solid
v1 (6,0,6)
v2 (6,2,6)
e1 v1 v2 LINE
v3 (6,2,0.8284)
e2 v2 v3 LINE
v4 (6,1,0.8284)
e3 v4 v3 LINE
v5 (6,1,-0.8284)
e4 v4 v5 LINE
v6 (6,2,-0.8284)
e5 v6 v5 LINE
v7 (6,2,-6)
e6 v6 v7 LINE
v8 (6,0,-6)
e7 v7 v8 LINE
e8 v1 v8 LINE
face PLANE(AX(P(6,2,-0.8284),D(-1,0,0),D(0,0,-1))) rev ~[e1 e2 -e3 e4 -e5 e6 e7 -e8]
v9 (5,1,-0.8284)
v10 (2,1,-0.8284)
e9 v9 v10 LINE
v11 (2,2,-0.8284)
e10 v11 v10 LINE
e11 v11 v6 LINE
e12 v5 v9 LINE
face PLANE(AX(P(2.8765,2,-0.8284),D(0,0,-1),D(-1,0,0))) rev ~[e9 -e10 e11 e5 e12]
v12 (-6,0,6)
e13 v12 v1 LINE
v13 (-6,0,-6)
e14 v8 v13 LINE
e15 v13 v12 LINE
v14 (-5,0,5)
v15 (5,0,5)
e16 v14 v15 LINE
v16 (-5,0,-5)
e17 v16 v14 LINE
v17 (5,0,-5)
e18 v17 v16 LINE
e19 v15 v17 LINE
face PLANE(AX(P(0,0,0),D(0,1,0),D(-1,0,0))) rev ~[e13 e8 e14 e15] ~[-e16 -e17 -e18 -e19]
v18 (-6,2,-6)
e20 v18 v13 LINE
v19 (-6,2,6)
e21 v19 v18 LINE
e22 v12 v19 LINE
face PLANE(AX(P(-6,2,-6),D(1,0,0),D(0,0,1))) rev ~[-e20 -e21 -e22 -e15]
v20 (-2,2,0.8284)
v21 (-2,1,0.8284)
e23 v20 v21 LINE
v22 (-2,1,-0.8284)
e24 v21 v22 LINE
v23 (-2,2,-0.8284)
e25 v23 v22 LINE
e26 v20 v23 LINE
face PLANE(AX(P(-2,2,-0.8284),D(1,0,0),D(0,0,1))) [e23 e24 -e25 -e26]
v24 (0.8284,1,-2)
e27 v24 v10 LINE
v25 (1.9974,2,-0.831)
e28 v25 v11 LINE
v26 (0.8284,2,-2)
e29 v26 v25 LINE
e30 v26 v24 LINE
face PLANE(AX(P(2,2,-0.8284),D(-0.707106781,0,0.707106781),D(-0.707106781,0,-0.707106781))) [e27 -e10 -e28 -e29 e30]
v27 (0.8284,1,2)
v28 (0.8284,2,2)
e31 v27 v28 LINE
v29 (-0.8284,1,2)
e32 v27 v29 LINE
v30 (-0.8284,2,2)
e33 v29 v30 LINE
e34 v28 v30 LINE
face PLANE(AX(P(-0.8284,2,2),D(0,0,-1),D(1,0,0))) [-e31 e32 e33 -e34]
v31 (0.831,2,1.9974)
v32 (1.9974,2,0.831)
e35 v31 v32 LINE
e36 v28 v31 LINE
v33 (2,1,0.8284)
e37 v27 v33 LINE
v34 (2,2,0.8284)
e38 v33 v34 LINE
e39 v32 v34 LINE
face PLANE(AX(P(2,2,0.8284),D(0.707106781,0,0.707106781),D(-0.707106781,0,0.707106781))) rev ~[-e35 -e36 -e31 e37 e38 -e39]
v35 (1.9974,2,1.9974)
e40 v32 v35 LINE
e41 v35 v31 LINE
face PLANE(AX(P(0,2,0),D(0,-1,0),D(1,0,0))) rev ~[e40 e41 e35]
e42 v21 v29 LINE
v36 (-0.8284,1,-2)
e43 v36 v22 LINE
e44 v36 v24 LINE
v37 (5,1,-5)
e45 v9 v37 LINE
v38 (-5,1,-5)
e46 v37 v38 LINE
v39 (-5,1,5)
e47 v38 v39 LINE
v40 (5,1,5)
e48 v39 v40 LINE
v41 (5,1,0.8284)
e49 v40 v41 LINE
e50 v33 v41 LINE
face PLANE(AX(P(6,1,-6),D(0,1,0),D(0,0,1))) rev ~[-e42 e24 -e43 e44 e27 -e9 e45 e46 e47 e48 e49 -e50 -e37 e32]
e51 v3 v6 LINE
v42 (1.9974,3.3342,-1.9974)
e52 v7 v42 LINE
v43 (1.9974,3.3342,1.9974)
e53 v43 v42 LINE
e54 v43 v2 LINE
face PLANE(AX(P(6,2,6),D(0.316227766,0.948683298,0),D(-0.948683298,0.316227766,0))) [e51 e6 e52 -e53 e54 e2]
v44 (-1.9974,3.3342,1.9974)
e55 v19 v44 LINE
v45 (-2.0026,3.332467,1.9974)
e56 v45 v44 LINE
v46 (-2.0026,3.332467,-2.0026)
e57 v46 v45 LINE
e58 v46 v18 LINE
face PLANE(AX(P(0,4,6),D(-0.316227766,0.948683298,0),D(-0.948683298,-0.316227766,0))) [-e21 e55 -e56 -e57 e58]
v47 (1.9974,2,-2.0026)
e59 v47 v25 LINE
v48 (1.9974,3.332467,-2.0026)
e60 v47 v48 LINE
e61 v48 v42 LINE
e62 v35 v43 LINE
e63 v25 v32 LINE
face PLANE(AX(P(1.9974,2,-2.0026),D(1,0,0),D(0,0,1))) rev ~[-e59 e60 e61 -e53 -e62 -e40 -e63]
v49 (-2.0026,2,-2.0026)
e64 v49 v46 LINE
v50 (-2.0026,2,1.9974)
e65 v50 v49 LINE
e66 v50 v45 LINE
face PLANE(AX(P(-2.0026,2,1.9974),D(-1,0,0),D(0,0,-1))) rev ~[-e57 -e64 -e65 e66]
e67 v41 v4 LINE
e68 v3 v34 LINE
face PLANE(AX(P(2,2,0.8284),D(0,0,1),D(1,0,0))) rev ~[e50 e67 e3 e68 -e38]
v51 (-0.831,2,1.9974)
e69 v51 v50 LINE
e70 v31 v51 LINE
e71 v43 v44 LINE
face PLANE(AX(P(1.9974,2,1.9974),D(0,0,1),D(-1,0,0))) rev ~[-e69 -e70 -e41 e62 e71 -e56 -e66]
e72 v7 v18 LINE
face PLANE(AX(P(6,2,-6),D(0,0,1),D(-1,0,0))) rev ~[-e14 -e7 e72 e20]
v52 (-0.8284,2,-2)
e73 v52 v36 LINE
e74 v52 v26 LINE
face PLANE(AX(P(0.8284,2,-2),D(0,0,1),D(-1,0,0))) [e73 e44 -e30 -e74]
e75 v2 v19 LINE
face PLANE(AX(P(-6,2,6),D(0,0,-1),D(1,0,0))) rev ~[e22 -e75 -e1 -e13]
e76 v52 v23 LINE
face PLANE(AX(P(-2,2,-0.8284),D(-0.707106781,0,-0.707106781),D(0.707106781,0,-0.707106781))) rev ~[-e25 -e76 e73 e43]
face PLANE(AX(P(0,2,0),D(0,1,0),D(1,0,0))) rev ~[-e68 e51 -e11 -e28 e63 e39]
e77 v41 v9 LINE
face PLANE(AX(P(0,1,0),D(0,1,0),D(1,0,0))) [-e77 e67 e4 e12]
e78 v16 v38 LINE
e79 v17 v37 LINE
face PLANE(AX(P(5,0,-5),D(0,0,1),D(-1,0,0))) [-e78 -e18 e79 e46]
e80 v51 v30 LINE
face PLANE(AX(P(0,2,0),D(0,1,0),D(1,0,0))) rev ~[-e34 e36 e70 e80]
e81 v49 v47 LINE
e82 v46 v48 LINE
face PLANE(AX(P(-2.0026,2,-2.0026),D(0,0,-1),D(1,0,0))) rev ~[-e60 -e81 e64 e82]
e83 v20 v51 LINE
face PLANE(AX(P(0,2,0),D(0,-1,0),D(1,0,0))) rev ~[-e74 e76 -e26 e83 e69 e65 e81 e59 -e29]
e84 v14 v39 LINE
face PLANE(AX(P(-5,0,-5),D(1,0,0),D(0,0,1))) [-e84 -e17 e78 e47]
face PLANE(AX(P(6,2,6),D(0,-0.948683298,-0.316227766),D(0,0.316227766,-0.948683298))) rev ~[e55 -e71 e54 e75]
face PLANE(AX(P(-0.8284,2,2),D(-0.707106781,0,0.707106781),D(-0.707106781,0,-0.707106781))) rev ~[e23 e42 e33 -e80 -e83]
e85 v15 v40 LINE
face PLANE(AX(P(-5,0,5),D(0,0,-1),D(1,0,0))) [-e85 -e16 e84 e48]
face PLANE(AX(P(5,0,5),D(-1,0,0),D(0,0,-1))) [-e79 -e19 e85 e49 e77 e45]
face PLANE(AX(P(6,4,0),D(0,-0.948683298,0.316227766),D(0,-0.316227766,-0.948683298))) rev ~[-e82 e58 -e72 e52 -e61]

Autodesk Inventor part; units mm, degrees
ref_plane "YZ Plane" through (0, 0, 0) normal (1, 0, 0) x (0, 1, 0)
ref_plane "XZ Plane" through (0, 0, 0) normal (0, 1, 0) x (-1, 0, 0)
ref_plane "XY Plane" through (0, 0, 0) normal (0, 0, 1) x (1, 0, 0)
sketch "Sketch1" plane through (0, 0, 0) normal (0, 1, 0) x (-1, 0, 0)
  line L0 (5, 5) -> (-5, 5)
  line L1 (-5, 5) -> (-5, -5)
  line L2 (-5, -5) -> (5, -5)
  line L3 (5, -5) -> (5, 5)
  line L4 (6, 6) -> (-6, 6)
  line L5 (-6, 6) -> (-6, -6)
  line L6 (-6, -6) -> (6, -6)
  line L7 (6, -6) -> (6, 6)
  point P0 (0, 0)
  dimension "d0" = 10
  dimension "d1" = 10
  dimension "d2" = 5
  dimension "d3" = 5
  dimension "d4" = 12
  dimension "d5" = 12
  dimension "d6" = 1
  dimension "d7" = 1
extrude "Extrusion1" add sketch "Sketch1" along normal blind 2
sketch "Sketch2" plane through (6, 0, 6) normal (1, 0, 0) x (0, 0, -1)
  line L0 (0, 0) -> (0, 2) projected
  line L1 (12, 0) -> (12, 2) projected
  line L2 (0, 2) -> (12, 2)
  line L3 (12, 2) -> (12, 1)
  line L4 (12, 1) -> (0, 1)
  line L5 (0, 1) -> (0, 2)
  point P0 (6, 0)
extrude "Extrusion2" add sketch "Sketch2" against normal blind 11.5
sketch "Sketch3" plane through (0, 2, 0) normal (0, 1, 0) x (1, 0, 0)
  line L0 (-2, -2) -> (2, -2)
  line L1 (2, -2) -> (2, 2)
  line L2 (2, 2) -> (-2, 2)
  line L3 (-2, 2) -> (-2, -2)
  circle A0 centre (0, 0) radius 2.8284
  line L4 (0, -2.8284) -> (-2.8284, 0)
  line L5 (-2.8284, 0) -> (0, 2.8284)
  line L6 (2.8284, 0) -> (0, 2.8284)
  line L7 (2.8284, 0) -> (0, -2.8284)
  point P0 (0.8284, -2)
  point P1 (2, -0.8284)
  point P2 (2, 0.8284)
  point P3 (0.8284, 2)
  point P4 (-0.8284, 2)
  point P5 (-2, 0.8284)
  point P6 (-2, -0.8284)
  point P7 (-0.8284, -2)
  dimension "d13" = 4
  dimension "d14" = 4
  dimension "d15" = 2
  dimension "d16" = 2
extrude "Extrusion3" cut sketch "Sketch3" along normal blind 23.25 and the other way blind 11.625 contours L4 L3 L5 L2 L6 L1 L7 L0
sketch "Sketch4" plane through (0, 2, 0) normal (0, 1, 0) x (1, 0, 0)
  line L0 (2, -0.8284) -> (2, 0.8284) projected
  line L1 (2, -0.8284) -> (2.8765, -0.8284)
  line L2 (2.8765, -0.8284) -> (2.8765, 0.8284)
  line L3 (2.8765, 0.8284) -> (2, 0.8284)
  line L4 (2, 0.8284) -> (2, -0.8284)
  line L5 (2.8765, -0.8284) -> (7.5124, -0.8284)
  line L6 (7.5124, -0.8284) -> (7.5124, 0.8284)
  line L7 (7.5124, 0.8284) -> (2.8765, 0.8284)
  line L8 (2.8765, 0.8284) -> (2.8765, -0.8284)
  point P0 (0, 0)
  point P1 (2.8765, 0.8284)
  point P2 (2, 0.8284)
extrude "Extrusion4" cut sketch "Sketch4" against normal blind 1
sketch "Sketch5" plane through (0, 2, 0) normal (0, 1, 0) x (1, 0, 0)
  line L0 (-6, -6) -> (6, -6) projected
  line L1 (6, 0.8284) -> (6, 6) projected
  line L2 (-6, -6) -> (6, -6)
  line L3 (6, -6) -> (6, 6)
  line L4 (6, 6) -> (-6, 6)
  line L5 (-6, 6) -> (-6, -6)
  point P0 (0, 0)
  point P1 (6, -6)
extrude "Extrusion5" add sketch "Sketch5" along normal blind 25
sketch "Sketch6" plane through (6, 0, 6) normal (1, 0, 0) x (0, 0, -1)
  line L0 (5.1716, 1) -> (5.1716, 2) projected
  line L1 (5.1716, 2) -> (-3.596, 2)
  line L2 (0, 0) -> (0, 27) projected
  line L3 (4, 2) -> (5.1716, 2) projected
  line L4 (5.1716, 2) -> (16.1787, 2)
  line L5 (5.1716, 2) -> (6.8284, 2) projected
  line L6 (6, 2) -> (6, 6)
  line L7 (0, 2) -> (6, 4)
  line L8 (6, 4) -> (12, 2)
  line L9 (12, 0) -> (12, 27) projected
  line L10 (12, 2) -> (-2.4689, 2)
  line L11 (-2.4689, 2) -> (-2.4689, 28.669)
  line L12 (-2.4689, 28.669) -> (12, 28.669)
  line L13 (12, 28.669) -> (12, 2)
  point P0 (6, 0)
  dimension "d23" = 4
extrude "Extrusion6" cut sketch "Sketch6" against normal blind 23.25 contours L1 L11 L12 L13 L9 L8 L7
sketch "Sketch7" plane through (-6, 0, 6) normal (0, 0, 1) x (1, 0, 0)
  line L0 (6, 0) -> (6, 4)
  line L1 (12, 4) -> (0, 4) projected
  line L2 (0, 2) -> (12, 2) projected
  line L3 (12, 2) -> (6, 4)
  line L4 (0, 4) -> (0, 2) projected
  line L5 (6, 4) -> (0, 2)
  line L6 (0, 2) -> (13.6732, 2)
  line L7 (13.6732, 2) -> (13.6732, 4.9606)
  line L8 (13.6732, 4.9606) -> (0, 4.9606)
  line L9 (0, 4.9606) -> (0, 2)
extrude "Extrusion7" cut sketch "Sketch7" against normal blind 41.75 contours L5 L4 L1 | L1 L9 L8 L7 L6 L3
sketch "Sketch8" plane through (0, 2, 0) normal (0, -1, 0) x (1, 0, 0)
  line L0 (6, 6) -> (0, 0) projected
  line L1 (1.9974, 1.9974) -> (-2.0026, 1.9974)
  line L2 (-2.0026, 1.9974) -> (-2.0026, -2.0026)
  line L3 (-2.0026, -2.0026) -> (1.9974, -2.0026)
  line L4 (1.9974, -2.0026) -> (1.9974, 1.9974)
  dimension "d30" = 4
  dimension "d31" = 4
extrude "Extrusion8" cut sketch "Sketch8" against normal blind 105
equation "\"d2\" = 0.5 * d0"
equation "\"d3\" = 0.5 * d1"
equation "\"d15\" = 0.5 * d13"
equation "\"d16\" = 0.5 * d14"
equation "\"BendRadius\" = Thickness"
equation "\"BendReliefWidth\" = Thickness"
equation "\"BendReliefDepth\" = 0.5 * Thickness"
equation "\"CornerReliefSize\" = 4 * Thickness"
equation "\"MinimumRemnant\" = 2 * Thickness"
equation "\"TransitionRadius\" = BendRadius"
equation "\"JacobiRadiusSize\" = BendRadius"
equation "\"GapSize\" = Thickness"
equation "\"Thickness\" = 0.5"
properties part number "modelGatePoklice1"
